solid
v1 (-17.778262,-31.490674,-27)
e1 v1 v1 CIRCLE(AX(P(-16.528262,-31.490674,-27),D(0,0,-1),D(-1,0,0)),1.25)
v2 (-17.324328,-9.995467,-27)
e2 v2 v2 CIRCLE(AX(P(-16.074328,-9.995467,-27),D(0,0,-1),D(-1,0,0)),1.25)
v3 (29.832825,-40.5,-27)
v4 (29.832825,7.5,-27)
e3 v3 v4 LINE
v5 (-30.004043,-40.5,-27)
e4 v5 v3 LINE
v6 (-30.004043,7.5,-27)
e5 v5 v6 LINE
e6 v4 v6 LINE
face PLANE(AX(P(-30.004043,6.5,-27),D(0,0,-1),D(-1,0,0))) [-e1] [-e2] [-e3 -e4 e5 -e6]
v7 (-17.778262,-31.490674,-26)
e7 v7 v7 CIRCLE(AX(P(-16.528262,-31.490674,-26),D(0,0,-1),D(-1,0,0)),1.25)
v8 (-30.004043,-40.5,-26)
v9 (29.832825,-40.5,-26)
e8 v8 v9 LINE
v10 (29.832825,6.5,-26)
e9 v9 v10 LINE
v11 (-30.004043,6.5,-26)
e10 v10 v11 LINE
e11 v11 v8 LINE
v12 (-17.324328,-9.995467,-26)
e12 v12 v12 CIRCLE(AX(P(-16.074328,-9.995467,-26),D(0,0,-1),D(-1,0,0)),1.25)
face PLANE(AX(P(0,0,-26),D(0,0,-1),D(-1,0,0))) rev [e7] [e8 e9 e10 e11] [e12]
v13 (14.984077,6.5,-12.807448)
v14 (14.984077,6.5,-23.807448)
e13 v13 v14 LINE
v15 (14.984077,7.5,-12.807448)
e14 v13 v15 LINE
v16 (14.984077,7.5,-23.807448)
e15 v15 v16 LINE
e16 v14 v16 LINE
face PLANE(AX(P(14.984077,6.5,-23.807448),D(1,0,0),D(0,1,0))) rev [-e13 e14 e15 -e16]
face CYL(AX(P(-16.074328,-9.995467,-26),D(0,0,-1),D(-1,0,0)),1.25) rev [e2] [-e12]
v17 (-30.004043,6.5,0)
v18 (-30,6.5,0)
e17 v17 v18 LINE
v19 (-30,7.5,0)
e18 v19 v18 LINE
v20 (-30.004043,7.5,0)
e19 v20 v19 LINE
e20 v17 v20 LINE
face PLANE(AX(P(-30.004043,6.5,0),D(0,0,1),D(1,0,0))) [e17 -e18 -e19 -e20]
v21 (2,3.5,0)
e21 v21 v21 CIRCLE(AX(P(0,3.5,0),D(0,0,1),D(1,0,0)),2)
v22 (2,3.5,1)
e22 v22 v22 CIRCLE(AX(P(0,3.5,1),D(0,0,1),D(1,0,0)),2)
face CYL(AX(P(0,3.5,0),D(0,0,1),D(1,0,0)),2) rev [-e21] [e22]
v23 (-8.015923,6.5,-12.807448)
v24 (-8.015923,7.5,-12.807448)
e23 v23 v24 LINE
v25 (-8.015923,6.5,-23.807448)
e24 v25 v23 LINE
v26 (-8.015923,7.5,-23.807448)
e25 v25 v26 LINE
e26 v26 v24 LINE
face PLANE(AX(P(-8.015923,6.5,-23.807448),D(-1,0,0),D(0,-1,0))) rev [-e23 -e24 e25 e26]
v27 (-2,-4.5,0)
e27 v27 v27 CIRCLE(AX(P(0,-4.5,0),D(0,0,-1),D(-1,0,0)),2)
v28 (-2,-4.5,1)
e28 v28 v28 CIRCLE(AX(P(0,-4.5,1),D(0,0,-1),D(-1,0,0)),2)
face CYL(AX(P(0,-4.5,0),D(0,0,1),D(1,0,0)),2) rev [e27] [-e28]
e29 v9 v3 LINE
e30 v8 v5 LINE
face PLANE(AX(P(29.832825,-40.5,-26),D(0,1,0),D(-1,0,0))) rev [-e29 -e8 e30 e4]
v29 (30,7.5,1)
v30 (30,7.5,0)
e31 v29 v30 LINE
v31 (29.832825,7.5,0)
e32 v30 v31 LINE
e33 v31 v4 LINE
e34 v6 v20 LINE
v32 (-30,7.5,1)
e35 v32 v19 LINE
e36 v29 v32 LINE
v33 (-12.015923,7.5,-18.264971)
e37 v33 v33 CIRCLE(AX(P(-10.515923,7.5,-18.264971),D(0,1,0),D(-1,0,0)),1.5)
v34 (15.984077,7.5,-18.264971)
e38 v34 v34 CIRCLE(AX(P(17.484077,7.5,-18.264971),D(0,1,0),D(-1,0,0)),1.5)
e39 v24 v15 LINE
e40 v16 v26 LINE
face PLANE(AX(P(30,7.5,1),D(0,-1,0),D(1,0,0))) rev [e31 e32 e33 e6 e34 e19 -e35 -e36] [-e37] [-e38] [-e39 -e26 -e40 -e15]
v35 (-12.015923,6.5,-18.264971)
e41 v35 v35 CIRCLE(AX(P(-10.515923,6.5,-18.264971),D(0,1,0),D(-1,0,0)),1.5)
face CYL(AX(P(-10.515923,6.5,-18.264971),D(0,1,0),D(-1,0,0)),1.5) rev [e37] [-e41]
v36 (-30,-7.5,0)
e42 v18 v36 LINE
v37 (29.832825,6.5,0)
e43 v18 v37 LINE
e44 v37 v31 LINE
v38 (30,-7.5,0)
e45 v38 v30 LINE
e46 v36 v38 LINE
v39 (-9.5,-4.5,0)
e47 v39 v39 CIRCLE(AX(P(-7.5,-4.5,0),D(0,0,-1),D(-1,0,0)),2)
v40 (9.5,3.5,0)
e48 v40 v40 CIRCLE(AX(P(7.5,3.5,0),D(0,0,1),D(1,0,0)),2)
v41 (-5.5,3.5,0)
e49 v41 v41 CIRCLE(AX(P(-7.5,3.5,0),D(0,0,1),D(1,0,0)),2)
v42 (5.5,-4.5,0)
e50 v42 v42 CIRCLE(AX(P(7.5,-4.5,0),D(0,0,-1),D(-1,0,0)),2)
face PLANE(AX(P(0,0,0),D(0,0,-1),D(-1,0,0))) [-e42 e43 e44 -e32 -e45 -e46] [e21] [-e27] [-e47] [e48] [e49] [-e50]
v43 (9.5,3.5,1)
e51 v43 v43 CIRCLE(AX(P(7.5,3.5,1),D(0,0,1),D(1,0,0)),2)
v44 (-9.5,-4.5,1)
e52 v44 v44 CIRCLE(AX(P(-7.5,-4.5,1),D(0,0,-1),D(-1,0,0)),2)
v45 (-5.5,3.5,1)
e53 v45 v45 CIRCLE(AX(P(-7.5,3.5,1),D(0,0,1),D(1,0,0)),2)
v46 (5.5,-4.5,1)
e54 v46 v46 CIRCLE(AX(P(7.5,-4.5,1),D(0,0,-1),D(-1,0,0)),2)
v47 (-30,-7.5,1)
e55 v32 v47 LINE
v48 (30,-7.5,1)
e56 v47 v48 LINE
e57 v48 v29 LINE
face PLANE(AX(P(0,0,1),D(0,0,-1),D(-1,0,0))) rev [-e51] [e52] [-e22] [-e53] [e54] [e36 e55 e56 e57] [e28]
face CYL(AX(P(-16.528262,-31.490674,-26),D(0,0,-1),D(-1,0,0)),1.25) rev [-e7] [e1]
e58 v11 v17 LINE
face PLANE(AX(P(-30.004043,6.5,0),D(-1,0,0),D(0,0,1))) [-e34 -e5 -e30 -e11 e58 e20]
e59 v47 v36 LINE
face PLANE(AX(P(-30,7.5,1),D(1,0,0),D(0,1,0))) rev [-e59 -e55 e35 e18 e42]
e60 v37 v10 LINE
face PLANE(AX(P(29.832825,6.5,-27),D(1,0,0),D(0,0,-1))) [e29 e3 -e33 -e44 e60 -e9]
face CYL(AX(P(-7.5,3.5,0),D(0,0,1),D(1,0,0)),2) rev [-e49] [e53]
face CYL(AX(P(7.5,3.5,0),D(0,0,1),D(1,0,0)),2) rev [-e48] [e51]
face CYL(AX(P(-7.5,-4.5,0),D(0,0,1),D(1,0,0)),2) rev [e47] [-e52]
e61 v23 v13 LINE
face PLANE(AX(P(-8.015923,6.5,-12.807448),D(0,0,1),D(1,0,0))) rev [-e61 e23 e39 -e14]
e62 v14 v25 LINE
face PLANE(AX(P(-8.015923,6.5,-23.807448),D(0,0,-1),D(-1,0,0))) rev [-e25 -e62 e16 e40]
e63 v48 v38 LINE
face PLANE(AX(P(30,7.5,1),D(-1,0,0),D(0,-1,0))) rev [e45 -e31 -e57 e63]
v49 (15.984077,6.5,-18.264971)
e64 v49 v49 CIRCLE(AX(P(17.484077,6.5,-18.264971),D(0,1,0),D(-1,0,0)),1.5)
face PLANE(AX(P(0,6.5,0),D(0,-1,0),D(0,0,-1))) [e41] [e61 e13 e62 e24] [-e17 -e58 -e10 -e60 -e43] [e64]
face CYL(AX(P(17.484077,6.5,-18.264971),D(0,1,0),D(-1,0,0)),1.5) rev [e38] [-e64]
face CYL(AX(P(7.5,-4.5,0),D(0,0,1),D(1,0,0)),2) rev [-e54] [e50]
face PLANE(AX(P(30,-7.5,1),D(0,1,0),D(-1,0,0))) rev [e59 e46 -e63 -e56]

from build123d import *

# Parameters (mm, degrees)
ESQUISSE1_W             = 60
ESQUISSE1_H             = 15
BOSS_EXTRU_1_DEPTH      = 1
ESQUISSE2_W             = 59.836868209
ESQUISSE2_H             = 27
BOSS_EXTRU_2_DEPTH      = 1
ESQUISSE4_W             = 59.836868209
ESQUISSE4_H             = 47
BOSS_EXTRU_3_DEPTH      = 1
ESQUISSE6_R             = 2
ENL_V_MAT_EXTRU_5_DEPTH = 1
ESQUISSE8_W             = 23
ESQUISSE8_H             = 11
ENL_V_MAT_EXTRU_7_DEPTH = 1
ESQUISSE9_R             = 1.5
ENL_V_MAT_EXTRU_8_DEPTH = 1
ESQUISSE10_R            = 1.25
ENL_V_MAT_EXTRU_9_DEPTH = 1


with BuildPart() as part:
    # Esquisse1 → Boss.-Extru.1 (new body)
    with BuildSketch(Plane.XY):
        Rectangle(ESQUISSE1_W, ESQUISSE1_H)
    extrude(amount=BOSS_EXTRU_1_DEPTH)

    # Esquisse2 → Boss.-Extru.2 (add)
    with BuildSketch(Plane(origin=(0, 7.5, 0), x_dir=(1, 0, 0), z_dir=(0, 1, 0))):
        with Locations((-0.085609374, 13.5)):
            Rectangle(ESQUISSE2_W, ESQUISSE2_H)
    extrude(amount=-BOSS_EXTRU_2_DEPTH)

    # Esquisse4 → Boss.-Extru.3 (add)
    with BuildSketch(Plane.XY.offset(-27)):
        with Locations((-0.085609374, -17)):
            Rectangle(ESQUISSE4_W, ESQUISSE4_H)
    extrude(amount=BOSS_EXTRU_3_DEPTH)

    # Esquisse6 → Enlèv. mat.-Extru.5 (cut)
    with BuildSketch(Plane.XY.offset(1)):
        with Locations((-7.5, 3.5)):
            Circle(ESQUISSE6_R)
        with Locations((0, 3.5)):
            Circle(ESQUISSE6_R)
        with Locations((7.5, 3.5)):
            Circle(ESQUISSE6_R)
        with Locations(Location((7.5, -4.5, 0), (0, 0, 180))):
            Circle(ESQUISSE6_R)
        with Locations(Location((0, -4.5, 0), (0, 0, 180))):
            Circle(ESQUISSE6_R)
        with Locations(Location((-7.5, -4.5, 0), (0, 0, 180))):
            Circle(ESQUISSE6_R)
    extrude(amount=-ENL_V_MAT_EXTRU_5_DEPTH, mode=Mode.SUBTRACT)

    # Esquisse8 → Enlèv. mat.-Extru.7 (cut)
    with BuildSketch(Plane(origin=(0, 7.5, 0), x_dir=(1, 0, 0), z_dir=(0, 1, 0))):
        with Locations((3.484076767, 18.307447957)):
            Rectangle(ESQUISSE8_W, ESQUISSE8_H)
    extrude(amount=-ENL_V_MAT_EXTRU_7_DEPTH, mode=Mode.SUBTRACT)

    # Esquisse9 → Enlèv. mat.-Extru.8 (cut)
    with BuildSketch(Plane(origin=(0, 7.5, 0), x_dir=(1, 0, 0), z_dir=(0, 1, 0))):
        with Locations(Location((17.484076767, 18.264970918, 0), (0, 0, 180))):
            Circle(ESQUISSE9_R)
        with Locations(Location((-10.515923233, 18.264970918, 0), (0, 0, 180))):
            Circle(ESQUISSE9_R)
    extrude(amount=-ENL_V_MAT_EXTRU_8_DEPTH, mode=Mode.SUBTRACT)

    # Esquisse10 → Enlèv. mat.-Extru.9 (cut)
    with BuildSketch(Plane(origin=(0, 0, -27), x_dir=(-1, 0, 0), z_dir=(0, 0, -1))):
        with Locations((16.528262126, -31.490674341)):
            Circle(ESQUISSE10_R)
        with Locations((16.074327743, -9.995466885)):
            Circle(ESQUISSE10_R)
    extrude(amount=-ENL_V_MAT_EXTRU_9_DEPTH, mode=Mode.SUBTRACT)


solid = part.part
